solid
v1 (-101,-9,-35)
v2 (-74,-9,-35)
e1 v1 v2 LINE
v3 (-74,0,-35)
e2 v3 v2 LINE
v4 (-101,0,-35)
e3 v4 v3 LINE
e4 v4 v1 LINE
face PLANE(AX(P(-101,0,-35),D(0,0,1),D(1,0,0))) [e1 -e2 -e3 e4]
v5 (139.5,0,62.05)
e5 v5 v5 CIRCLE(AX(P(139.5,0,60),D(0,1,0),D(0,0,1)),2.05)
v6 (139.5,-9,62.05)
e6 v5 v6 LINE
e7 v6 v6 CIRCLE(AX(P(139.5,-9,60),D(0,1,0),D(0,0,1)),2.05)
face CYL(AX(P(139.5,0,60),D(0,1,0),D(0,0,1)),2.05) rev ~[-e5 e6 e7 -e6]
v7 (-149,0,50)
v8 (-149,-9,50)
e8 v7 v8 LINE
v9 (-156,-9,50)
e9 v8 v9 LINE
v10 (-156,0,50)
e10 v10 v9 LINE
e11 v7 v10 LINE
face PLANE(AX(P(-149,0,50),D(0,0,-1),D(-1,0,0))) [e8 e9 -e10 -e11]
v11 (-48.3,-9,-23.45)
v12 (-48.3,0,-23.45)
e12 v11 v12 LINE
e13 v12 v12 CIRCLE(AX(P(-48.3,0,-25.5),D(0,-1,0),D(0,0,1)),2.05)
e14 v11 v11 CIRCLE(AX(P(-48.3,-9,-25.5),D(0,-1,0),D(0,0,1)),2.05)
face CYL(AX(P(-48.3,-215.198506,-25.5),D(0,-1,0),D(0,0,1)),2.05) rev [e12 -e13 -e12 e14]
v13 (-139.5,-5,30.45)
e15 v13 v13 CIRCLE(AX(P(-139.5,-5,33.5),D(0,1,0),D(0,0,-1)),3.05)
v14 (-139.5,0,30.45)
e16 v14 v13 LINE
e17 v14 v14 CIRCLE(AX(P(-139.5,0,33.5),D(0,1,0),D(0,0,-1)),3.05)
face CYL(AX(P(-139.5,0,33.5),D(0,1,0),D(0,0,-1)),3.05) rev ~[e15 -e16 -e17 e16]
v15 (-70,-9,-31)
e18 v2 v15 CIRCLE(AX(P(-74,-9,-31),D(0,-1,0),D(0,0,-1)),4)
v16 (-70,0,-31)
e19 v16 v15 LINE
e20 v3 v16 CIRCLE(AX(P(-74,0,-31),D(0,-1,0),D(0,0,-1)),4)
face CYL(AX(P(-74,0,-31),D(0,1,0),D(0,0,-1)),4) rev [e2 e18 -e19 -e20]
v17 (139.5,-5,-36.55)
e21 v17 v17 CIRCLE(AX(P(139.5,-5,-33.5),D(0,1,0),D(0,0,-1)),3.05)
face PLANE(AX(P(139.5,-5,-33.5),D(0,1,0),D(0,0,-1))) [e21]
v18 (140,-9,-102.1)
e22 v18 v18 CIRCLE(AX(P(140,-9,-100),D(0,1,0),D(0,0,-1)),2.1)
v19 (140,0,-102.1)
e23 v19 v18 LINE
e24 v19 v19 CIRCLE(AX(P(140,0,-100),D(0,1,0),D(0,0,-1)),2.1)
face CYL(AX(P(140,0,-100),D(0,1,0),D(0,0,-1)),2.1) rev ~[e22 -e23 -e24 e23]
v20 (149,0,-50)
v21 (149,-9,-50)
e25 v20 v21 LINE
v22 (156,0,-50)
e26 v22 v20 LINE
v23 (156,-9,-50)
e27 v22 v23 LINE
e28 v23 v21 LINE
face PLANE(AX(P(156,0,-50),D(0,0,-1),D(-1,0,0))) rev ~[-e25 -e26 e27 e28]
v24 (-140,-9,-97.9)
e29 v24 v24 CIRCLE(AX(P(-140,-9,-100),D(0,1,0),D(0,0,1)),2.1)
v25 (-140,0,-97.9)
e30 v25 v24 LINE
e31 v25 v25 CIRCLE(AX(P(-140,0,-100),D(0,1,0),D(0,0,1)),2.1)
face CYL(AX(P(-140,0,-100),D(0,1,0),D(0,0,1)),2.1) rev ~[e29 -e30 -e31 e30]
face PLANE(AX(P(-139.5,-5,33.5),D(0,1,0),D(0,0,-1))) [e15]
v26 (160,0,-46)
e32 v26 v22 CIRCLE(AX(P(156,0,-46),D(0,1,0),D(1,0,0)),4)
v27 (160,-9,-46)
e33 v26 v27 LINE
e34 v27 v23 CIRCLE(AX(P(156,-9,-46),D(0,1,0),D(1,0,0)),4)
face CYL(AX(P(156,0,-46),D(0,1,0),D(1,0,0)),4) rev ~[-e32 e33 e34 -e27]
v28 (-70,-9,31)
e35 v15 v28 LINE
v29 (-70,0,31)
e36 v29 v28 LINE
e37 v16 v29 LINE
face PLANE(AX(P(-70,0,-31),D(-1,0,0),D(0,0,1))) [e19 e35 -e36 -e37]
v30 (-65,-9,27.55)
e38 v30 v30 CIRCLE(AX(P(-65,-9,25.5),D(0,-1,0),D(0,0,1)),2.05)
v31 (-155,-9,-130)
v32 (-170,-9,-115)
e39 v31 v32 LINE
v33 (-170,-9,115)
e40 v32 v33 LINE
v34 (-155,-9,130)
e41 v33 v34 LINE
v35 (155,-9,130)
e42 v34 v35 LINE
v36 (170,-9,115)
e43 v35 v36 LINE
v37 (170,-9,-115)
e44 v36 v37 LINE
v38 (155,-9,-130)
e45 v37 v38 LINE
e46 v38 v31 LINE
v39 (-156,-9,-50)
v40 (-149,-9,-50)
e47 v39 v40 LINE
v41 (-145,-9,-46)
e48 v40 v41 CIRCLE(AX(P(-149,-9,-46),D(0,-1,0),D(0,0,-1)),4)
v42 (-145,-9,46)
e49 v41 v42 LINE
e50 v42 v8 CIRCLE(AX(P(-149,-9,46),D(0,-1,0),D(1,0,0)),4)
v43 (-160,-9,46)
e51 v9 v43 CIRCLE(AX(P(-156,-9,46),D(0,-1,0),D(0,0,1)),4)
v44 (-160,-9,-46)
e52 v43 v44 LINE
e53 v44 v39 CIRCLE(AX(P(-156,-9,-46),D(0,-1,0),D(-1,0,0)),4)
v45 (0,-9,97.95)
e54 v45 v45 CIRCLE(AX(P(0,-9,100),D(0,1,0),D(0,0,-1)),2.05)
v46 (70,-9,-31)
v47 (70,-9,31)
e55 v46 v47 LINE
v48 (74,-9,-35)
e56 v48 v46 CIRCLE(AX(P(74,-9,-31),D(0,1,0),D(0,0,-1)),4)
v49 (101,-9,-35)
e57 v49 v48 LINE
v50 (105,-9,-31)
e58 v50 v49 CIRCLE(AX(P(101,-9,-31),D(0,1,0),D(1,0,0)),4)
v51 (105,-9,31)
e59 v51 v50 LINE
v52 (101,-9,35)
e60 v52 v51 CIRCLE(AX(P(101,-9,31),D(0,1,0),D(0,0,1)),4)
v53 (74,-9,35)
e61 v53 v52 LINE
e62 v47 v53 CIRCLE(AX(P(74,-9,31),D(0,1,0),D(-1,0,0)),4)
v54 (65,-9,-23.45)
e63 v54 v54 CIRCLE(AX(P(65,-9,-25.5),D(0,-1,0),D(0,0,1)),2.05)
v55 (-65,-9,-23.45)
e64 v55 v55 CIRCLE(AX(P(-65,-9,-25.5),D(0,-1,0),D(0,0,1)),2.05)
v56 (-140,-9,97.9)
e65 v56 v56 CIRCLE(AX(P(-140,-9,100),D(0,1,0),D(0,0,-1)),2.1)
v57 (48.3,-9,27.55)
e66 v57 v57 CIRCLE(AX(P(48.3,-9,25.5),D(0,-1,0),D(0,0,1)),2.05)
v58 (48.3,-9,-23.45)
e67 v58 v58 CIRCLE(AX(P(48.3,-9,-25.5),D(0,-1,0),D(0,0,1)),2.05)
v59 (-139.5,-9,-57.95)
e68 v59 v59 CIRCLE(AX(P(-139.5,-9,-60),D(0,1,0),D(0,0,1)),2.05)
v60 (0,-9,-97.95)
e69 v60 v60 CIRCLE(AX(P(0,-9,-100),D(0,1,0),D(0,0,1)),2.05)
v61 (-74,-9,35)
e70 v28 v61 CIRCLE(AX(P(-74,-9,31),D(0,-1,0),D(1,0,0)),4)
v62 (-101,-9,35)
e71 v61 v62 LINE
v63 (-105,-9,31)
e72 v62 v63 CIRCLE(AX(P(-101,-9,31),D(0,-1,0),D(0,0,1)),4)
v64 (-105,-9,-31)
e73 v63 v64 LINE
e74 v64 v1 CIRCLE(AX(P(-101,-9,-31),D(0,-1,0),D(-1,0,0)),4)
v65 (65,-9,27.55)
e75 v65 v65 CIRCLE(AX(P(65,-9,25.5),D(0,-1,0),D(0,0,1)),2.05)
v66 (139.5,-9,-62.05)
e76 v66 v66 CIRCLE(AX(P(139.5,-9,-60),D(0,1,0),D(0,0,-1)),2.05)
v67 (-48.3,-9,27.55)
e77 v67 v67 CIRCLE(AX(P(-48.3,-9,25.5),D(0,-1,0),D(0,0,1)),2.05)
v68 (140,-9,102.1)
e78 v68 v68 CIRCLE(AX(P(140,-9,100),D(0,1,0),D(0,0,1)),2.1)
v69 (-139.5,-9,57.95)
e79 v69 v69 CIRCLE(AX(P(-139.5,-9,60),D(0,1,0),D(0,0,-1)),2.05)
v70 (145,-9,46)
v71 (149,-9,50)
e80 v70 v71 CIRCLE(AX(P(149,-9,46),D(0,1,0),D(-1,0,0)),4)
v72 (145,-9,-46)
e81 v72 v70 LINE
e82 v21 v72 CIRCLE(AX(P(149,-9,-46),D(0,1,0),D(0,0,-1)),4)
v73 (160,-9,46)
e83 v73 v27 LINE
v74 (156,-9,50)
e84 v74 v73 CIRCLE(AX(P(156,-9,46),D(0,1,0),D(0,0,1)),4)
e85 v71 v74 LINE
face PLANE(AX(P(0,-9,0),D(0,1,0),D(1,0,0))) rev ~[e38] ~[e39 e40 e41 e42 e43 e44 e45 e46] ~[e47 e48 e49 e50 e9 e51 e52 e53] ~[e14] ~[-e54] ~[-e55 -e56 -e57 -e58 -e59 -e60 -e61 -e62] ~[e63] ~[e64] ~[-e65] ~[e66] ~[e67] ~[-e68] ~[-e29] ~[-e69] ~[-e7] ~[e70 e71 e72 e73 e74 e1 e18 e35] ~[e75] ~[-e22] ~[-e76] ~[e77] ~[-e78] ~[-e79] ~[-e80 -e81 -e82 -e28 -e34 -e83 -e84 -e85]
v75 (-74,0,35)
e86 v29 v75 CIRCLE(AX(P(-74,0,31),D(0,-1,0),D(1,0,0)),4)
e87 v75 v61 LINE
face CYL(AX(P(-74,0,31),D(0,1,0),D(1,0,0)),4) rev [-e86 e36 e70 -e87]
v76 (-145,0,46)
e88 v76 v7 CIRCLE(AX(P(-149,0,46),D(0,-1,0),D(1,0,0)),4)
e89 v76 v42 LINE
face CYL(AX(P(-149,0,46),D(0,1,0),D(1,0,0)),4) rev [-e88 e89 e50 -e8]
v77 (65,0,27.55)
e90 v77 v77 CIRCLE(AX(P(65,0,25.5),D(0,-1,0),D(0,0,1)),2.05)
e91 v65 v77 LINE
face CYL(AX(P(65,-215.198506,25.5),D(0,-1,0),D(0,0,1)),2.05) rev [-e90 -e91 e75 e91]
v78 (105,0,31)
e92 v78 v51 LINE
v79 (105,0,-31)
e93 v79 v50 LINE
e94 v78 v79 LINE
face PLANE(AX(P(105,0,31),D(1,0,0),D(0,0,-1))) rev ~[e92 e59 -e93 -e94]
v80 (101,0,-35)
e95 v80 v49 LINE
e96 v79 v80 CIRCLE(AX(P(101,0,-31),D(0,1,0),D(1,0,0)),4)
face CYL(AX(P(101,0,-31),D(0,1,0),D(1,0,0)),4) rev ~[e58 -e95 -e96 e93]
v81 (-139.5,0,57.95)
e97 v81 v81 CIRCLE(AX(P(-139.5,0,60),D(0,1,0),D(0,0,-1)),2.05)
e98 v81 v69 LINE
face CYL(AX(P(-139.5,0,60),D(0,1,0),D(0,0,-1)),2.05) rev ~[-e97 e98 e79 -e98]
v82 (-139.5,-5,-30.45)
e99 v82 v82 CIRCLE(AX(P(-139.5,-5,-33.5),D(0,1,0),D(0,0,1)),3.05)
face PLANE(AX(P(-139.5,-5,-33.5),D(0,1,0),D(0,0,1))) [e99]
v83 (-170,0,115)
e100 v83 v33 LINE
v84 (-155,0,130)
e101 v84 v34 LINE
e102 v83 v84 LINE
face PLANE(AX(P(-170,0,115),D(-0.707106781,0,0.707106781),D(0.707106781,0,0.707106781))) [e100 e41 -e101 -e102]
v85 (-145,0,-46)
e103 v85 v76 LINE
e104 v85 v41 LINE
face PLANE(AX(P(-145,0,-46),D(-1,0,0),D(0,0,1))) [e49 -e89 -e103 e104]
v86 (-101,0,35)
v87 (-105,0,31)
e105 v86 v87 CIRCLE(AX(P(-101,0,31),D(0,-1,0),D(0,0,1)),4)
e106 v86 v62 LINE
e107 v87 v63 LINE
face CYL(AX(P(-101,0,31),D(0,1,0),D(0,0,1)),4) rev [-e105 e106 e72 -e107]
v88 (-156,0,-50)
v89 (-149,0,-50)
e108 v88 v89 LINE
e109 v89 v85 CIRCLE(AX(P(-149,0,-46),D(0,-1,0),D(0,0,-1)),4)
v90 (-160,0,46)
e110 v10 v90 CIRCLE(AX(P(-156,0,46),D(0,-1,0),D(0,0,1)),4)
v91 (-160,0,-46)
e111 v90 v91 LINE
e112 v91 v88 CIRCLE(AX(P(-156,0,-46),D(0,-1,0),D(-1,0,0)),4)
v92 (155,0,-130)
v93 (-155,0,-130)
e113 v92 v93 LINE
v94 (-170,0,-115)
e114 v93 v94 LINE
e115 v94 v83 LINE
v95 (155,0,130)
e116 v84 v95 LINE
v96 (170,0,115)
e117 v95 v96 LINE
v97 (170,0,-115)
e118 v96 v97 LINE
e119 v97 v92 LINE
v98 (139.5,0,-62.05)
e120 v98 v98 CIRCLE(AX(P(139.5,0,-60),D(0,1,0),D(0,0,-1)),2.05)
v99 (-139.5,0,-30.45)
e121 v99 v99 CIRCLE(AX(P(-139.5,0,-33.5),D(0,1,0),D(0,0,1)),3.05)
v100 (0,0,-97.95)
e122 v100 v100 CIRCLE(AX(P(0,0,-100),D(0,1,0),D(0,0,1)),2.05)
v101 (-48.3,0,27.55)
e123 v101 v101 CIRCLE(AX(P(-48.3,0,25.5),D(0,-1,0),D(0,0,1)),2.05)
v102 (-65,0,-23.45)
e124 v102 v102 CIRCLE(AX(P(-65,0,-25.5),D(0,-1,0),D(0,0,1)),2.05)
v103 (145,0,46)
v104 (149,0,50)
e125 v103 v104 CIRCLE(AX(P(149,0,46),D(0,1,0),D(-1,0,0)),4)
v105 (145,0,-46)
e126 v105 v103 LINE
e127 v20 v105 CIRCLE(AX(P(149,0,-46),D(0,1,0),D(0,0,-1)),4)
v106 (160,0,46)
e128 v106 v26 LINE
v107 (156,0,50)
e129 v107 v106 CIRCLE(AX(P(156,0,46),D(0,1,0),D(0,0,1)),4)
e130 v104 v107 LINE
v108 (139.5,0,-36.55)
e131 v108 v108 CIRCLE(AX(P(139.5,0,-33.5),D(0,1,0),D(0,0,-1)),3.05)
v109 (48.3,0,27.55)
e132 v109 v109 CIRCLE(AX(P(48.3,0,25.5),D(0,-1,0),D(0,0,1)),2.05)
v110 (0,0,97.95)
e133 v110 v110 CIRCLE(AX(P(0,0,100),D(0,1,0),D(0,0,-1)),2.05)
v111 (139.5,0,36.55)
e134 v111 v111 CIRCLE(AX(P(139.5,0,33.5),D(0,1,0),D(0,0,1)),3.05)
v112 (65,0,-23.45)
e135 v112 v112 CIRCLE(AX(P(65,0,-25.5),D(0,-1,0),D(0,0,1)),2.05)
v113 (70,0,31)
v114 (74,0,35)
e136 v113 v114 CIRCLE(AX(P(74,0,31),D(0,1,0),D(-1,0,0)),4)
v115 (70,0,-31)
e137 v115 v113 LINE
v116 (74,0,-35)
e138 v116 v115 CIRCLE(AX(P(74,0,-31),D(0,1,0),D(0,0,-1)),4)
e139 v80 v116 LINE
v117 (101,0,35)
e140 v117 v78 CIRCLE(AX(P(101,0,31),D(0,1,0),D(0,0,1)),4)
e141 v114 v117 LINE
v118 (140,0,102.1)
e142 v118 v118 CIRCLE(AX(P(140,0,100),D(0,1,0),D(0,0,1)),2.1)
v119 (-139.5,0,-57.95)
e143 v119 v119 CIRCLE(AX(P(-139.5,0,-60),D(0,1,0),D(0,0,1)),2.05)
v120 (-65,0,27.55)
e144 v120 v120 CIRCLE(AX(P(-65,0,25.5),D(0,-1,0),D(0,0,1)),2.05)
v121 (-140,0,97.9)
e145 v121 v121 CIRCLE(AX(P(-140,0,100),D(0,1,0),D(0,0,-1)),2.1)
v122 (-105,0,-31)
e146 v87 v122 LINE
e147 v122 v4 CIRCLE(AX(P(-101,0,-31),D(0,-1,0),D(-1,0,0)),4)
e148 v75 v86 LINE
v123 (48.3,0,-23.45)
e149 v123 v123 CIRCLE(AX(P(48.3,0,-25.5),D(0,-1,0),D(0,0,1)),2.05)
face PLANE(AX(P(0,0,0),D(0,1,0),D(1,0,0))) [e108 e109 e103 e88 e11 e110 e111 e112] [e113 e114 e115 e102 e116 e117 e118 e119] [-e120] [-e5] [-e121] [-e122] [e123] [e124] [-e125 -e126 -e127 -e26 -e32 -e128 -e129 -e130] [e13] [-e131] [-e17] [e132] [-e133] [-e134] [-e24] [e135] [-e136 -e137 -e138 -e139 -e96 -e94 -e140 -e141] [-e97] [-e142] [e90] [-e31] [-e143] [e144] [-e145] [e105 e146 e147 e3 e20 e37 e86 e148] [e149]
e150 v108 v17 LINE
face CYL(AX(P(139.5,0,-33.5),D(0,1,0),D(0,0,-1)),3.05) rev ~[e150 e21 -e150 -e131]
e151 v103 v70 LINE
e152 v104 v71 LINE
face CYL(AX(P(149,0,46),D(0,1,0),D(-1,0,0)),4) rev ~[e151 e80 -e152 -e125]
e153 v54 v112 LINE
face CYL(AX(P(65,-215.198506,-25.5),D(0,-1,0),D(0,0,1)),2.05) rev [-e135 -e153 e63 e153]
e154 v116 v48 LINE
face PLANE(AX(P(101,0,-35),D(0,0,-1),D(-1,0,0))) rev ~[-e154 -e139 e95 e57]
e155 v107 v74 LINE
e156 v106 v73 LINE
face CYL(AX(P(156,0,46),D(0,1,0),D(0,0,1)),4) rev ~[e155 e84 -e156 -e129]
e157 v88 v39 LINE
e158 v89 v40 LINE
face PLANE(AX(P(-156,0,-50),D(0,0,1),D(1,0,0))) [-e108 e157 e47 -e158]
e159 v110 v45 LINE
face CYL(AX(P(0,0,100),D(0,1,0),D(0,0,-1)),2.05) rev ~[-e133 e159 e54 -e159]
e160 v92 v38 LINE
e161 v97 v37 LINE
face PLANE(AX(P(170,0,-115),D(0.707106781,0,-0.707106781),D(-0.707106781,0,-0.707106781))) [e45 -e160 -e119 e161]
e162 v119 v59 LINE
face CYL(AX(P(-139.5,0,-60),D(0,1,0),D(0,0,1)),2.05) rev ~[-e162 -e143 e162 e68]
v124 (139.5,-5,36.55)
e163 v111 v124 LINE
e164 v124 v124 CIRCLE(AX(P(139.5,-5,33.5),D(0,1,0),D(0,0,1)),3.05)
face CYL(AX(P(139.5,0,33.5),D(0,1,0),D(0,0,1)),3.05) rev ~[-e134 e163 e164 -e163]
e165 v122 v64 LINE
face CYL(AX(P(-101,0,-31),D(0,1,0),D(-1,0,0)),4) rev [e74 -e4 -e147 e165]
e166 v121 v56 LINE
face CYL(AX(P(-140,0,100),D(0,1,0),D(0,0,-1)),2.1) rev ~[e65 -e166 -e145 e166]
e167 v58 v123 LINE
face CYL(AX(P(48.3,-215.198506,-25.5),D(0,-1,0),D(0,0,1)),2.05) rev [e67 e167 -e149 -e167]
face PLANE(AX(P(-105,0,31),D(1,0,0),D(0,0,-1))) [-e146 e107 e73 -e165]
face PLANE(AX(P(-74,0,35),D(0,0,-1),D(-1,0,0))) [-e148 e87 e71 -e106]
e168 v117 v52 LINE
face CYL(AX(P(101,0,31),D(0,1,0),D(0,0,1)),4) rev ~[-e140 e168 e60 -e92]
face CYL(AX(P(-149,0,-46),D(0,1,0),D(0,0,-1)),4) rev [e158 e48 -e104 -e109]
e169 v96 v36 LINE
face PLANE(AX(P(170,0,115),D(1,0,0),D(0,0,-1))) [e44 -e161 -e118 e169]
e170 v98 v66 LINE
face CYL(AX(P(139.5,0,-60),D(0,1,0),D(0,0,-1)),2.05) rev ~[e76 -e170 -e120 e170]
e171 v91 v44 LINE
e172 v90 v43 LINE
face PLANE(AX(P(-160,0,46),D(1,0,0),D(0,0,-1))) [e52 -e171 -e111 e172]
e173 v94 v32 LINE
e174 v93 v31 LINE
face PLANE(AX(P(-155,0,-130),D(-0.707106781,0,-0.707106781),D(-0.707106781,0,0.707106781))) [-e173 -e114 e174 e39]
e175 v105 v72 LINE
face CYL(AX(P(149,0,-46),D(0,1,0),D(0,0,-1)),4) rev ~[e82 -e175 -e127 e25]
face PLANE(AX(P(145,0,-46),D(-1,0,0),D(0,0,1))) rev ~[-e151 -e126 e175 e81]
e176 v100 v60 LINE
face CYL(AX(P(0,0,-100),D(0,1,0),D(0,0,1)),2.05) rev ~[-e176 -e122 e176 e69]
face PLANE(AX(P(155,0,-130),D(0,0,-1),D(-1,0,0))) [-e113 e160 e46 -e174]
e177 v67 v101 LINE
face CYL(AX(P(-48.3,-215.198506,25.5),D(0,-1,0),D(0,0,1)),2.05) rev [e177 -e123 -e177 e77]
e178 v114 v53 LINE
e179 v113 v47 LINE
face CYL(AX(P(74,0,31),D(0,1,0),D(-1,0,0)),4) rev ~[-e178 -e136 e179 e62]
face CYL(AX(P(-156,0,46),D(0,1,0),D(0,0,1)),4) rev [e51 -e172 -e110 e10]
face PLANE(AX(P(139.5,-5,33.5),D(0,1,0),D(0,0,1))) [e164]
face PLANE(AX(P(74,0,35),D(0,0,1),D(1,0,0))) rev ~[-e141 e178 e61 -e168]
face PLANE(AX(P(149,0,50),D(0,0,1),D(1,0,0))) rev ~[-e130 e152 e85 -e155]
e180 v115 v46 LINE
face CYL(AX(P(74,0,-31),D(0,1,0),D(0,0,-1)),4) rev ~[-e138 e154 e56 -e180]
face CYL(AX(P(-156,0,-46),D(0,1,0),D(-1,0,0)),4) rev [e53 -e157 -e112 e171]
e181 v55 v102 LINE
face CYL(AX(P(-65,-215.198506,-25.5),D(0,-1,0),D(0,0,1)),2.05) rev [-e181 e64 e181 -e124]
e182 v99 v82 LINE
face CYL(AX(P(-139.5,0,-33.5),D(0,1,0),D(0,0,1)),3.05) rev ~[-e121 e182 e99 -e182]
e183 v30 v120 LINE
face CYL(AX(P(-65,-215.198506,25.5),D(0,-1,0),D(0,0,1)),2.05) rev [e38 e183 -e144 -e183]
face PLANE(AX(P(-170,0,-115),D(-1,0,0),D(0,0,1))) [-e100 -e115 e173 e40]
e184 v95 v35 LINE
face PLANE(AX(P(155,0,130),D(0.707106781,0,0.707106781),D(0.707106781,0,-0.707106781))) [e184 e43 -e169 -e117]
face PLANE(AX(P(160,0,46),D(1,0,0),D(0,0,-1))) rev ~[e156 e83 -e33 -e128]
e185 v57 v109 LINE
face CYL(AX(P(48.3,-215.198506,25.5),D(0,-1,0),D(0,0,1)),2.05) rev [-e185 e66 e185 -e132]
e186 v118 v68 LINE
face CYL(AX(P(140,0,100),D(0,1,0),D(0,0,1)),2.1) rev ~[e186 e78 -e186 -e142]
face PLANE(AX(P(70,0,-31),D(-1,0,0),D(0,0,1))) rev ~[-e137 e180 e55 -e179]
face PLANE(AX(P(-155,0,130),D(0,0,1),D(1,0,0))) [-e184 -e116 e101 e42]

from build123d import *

# Parameters (mm, degrees)
ESQUISSE3_R                  = 2.1
BOSS_EXTRU_2_DEPTH           = 9
ESQUISSE4_R                  = 3.05
ENL_V_MAT_EXTRU_3_DEPTH      = 5
ESQUISSE5_R                  = 2.05
ENL_V_MAT_EXTRU_4_DEPTH      = 215.198506064
ENL_V_MAT_EXTRU_5_DEPTH      = 215.198506064
ENL_V_MAT_EXTRU_5_DEPTH_BACK = 215.198506064
ESQUISSE6_R                  = 2.05
ESQUISSE7_R                  = 2.05
ENL_V_MAT_EXTRU_6_DEPTH      = 215.198506064


with BuildPart() as part:
    # Esquisse3 → Boss.-Extru.2 (new body)
    with BuildSketch(Plane(origin=(0, 0, 0), x_dir=(1, 0, 0), z_dir=(0, 1, 0))):
        Polygon((155, 130), (-155, 130), (-170, 115), (-170, -115), (-155, -130), (155, -130), (170, -115), (170, 115), align=None)
        with Locations(Location((-140, 100, 0), (0, 0, 270))):
            Circle(ESQUISSE3_R, mode=Mode.SUBTRACT)
        with Locations(Location((-140, -100, 0), (0, 0, 90))):
            Circle(ESQUISSE3_R, mode=Mode.SUBTRACT)
        with Locations(Location((140, -100, 0), (0, 0, 270))):
            Circle(ESQUISSE3_R, mode=Mode.SUBTRACT)
        with Locations(Location((140, 100, 0), (0, 0, 90))):
            Circle(ESQUISSE3_R, mode=Mode.SUBTRACT)
        with BuildLine():
            Line((-160, -46), (-160, 46))
            ThreePointArc((-160, 46), (-158.828427125, 48.828427125), (-156, 50))
            Line((-156, 50), (-149, 50))
            ThreePointArc((-149, 50), (-146.171572875, 48.828427125), (-145, 46))
            Line((-145, 46), (-145, -46))
            ThreePointArc((-145, -46), (-146.171572875, -48.828427125), (-149, -50))
            Line((-149, -50), (-156, -50))
            ThreePointArc((-156, -50), (-158.828427125, -48.828427125), (-160, -46))
        make_face(mode=Mode.SUBTRACT)
        with BuildLine():
            Line((-105, 0), (-105, 31))
            ThreePointArc((-105, 31), (-103.828427125, 33.828427125), (-101, 35))
            Line((-101, 35), (-74, 35))
            ThreePointArc((-74, 35), (-71.171572875, 33.828427125), (-70, 31))
            Line((-70, 31), (-70, -31))
            ThreePointArc((-70, -31), (-71.171572875, -33.828427125), (-74, -35))
            Line((-74, -35), (-101, -35))
            ThreePointArc((-101, -35), (-103.828427125, -33.828427125), (-105, -31))
            Line((-105, -31), (-105, 0))
        make_face(mode=Mode.SUBTRACT)
        with BuildLine():
            Line((156, 50), (149, 50))
            ThreePointArc((149, 50), (146.171572875, 48.828427125), (145, 46))
            Line((145, 46), (145, -46))
            ThreePointArc((145, -46), (146.171572875, -48.828427125), (149, -50))
            Line((149, -50), (156, -50))
            ThreePointArc((156, -50), (158.828427125, -48.828427125), (160, -46))
            Line((160, -46), (160, 46))
            ThreePointArc((160, 46), (158.828427125, 48.828427125), (156, 50))
        make_face(mode=Mode.SUBTRACT)
        with BuildLine():
            Line((105, 0), (105, 31))
            ThreePointArc((105, 31), (103.828427125, 33.828427125), (101, 35))
            Line((101, 35), (74, 35))
            ThreePointArc((74, 35), (71.171572875, 33.828427125), (70, 31))
            Line((70, 31), (70, -31))
            ThreePointArc((70, -31), (71.171572875, -33.828427125), (74, -35))
            Line((74, -35), (101, -35))
            ThreePointArc((101, -35), (103.828427125, -33.828427125), (105, -31))
            Line((105, -31), (105, 0))
        make_face(mode=Mode.SUBTRACT)
    extrude(amount=-BOSS_EXTRU_2_DEPTH)

    # Esquisse4 → Enlèv. mat.-Extru.3 (cut)
    with BuildSketch(Plane(origin=(0, 0, 0), x_dir=(1, 0, 0), z_dir=(0, 1, 0))):
        with Locations(Location((-139.5, 33.5, 0), (0, 0, 270))):
            Circle(ESQUISSE4_R)
        with Locations(Location((-139.5, -33.5, 0), (0, 0, 90))):
            Circle(ESQUISSE4_R)
        with Locations(Location((139.5, -33.5, 0), (0, 0, 270))):
            Circle(ESQUISSE4_R)
        with Locations(Location((139.5, 33.5, 0), (0, 0, 90))):
            Circle(ESQUISSE4_R)
    extrude(amount=-ENL_V_MAT_EXTRU_3_DEPTH, mode=Mode.SUBTRACT)

    # Esquisse5 → Enlèv. mat.-Extru.4 (cut, through all)
    with BuildSketch(Plane(origin=(0, 0, 0), x_dir=(1, 0, 0), z_dir=(0, 1, 0))):
        with Locations(Location((-139.5, 60, 0), (0, 0, 270))):
            Circle(ESQUISSE5_R)
        with Locations(Location((-139.5, -60, 0), (0, 0, 90))):
            Circle(ESQUISSE5_R)
        with Locations(Location((139.5, -60, 0), (0, 0, 270))):
            Circle(ESQUISSE5_R)
        with Locations(Location((139.5, 60, 0), (0, 0, 90))):
            Circle(ESQUISSE5_R)
    extrude(amount=-ENL_V_MAT_EXTRU_4_DEPTH, mode=Mode.SUBTRACT)

    # Esquisse6 → Enlèv. mat.-Extru.5 (cut, two sides: drawn at the far end of the back side and taken through both)
    with BuildSketch(Plane(origin=(0, 0, 0), x_dir=(1, 0, 0), z_dir=(0, 1, 0)).offset(-ENL_V_MAT_EXTRU_5_DEPTH_BACK)):
        with Locations(Location((-65, 25.5, 0), (0, 0, 270))):
            Circle(ESQUISSE6_R)
        with Locations(Location((-48.3, 25.5, 0), (0, 0, 270))):
            Circle(ESQUISSE6_R)
        with Locations(Location((-48.3, -25.5, 0), (0, 0, 270))):
            Circle(ESQUISSE6_R)
        with Locations(Location((-65, -25.5, 0), (0, 0, 270))):
            Circle(ESQUISSE6_R)
        with Locations(Location((65, -25.5, 0), (0, 0, 270))):
            Circle(ESQUISSE6_R)
        with Locations(Location((48.3, -25.5, 0), (0, 0, 270))):
            Circle(ESQUISSE6_R)
        with Locations(Location((48.3, 25.5, 0), (0, 0, 270))):
            Circle(ESQUISSE6_R)
        with Locations(Location((65, 25.5, 0), (0, 0, 270))):
            Circle(ESQUISSE6_R)
    extrude(amount=ENL_V_MAT_EXTRU_5_DEPTH + ENL_V_MAT_EXTRU_5_DEPTH_BACK, mode=Mode.SUBTRACT)

    # Esquisse7 → Enlèv. mat.-Extru.6 (cut, through all)
    with BuildSketch(Plane(origin=(0, 0, 0), x_dir=(1, 0, 0), z_dir=(0, 1, 0))):
        with Locations(Location((0, 100, 0), (0, 0, 270))):
            Circle(ESQUISSE7_R)
        with Locations(Location((0, -100, 0), (0, 0, 90))):
            Circle(ESQUISSE7_R)
    extrude(amount=-ENL_V_MAT_EXTRU_6_DEPTH, mode=Mode.SUBTRACT)


solid = part.part
